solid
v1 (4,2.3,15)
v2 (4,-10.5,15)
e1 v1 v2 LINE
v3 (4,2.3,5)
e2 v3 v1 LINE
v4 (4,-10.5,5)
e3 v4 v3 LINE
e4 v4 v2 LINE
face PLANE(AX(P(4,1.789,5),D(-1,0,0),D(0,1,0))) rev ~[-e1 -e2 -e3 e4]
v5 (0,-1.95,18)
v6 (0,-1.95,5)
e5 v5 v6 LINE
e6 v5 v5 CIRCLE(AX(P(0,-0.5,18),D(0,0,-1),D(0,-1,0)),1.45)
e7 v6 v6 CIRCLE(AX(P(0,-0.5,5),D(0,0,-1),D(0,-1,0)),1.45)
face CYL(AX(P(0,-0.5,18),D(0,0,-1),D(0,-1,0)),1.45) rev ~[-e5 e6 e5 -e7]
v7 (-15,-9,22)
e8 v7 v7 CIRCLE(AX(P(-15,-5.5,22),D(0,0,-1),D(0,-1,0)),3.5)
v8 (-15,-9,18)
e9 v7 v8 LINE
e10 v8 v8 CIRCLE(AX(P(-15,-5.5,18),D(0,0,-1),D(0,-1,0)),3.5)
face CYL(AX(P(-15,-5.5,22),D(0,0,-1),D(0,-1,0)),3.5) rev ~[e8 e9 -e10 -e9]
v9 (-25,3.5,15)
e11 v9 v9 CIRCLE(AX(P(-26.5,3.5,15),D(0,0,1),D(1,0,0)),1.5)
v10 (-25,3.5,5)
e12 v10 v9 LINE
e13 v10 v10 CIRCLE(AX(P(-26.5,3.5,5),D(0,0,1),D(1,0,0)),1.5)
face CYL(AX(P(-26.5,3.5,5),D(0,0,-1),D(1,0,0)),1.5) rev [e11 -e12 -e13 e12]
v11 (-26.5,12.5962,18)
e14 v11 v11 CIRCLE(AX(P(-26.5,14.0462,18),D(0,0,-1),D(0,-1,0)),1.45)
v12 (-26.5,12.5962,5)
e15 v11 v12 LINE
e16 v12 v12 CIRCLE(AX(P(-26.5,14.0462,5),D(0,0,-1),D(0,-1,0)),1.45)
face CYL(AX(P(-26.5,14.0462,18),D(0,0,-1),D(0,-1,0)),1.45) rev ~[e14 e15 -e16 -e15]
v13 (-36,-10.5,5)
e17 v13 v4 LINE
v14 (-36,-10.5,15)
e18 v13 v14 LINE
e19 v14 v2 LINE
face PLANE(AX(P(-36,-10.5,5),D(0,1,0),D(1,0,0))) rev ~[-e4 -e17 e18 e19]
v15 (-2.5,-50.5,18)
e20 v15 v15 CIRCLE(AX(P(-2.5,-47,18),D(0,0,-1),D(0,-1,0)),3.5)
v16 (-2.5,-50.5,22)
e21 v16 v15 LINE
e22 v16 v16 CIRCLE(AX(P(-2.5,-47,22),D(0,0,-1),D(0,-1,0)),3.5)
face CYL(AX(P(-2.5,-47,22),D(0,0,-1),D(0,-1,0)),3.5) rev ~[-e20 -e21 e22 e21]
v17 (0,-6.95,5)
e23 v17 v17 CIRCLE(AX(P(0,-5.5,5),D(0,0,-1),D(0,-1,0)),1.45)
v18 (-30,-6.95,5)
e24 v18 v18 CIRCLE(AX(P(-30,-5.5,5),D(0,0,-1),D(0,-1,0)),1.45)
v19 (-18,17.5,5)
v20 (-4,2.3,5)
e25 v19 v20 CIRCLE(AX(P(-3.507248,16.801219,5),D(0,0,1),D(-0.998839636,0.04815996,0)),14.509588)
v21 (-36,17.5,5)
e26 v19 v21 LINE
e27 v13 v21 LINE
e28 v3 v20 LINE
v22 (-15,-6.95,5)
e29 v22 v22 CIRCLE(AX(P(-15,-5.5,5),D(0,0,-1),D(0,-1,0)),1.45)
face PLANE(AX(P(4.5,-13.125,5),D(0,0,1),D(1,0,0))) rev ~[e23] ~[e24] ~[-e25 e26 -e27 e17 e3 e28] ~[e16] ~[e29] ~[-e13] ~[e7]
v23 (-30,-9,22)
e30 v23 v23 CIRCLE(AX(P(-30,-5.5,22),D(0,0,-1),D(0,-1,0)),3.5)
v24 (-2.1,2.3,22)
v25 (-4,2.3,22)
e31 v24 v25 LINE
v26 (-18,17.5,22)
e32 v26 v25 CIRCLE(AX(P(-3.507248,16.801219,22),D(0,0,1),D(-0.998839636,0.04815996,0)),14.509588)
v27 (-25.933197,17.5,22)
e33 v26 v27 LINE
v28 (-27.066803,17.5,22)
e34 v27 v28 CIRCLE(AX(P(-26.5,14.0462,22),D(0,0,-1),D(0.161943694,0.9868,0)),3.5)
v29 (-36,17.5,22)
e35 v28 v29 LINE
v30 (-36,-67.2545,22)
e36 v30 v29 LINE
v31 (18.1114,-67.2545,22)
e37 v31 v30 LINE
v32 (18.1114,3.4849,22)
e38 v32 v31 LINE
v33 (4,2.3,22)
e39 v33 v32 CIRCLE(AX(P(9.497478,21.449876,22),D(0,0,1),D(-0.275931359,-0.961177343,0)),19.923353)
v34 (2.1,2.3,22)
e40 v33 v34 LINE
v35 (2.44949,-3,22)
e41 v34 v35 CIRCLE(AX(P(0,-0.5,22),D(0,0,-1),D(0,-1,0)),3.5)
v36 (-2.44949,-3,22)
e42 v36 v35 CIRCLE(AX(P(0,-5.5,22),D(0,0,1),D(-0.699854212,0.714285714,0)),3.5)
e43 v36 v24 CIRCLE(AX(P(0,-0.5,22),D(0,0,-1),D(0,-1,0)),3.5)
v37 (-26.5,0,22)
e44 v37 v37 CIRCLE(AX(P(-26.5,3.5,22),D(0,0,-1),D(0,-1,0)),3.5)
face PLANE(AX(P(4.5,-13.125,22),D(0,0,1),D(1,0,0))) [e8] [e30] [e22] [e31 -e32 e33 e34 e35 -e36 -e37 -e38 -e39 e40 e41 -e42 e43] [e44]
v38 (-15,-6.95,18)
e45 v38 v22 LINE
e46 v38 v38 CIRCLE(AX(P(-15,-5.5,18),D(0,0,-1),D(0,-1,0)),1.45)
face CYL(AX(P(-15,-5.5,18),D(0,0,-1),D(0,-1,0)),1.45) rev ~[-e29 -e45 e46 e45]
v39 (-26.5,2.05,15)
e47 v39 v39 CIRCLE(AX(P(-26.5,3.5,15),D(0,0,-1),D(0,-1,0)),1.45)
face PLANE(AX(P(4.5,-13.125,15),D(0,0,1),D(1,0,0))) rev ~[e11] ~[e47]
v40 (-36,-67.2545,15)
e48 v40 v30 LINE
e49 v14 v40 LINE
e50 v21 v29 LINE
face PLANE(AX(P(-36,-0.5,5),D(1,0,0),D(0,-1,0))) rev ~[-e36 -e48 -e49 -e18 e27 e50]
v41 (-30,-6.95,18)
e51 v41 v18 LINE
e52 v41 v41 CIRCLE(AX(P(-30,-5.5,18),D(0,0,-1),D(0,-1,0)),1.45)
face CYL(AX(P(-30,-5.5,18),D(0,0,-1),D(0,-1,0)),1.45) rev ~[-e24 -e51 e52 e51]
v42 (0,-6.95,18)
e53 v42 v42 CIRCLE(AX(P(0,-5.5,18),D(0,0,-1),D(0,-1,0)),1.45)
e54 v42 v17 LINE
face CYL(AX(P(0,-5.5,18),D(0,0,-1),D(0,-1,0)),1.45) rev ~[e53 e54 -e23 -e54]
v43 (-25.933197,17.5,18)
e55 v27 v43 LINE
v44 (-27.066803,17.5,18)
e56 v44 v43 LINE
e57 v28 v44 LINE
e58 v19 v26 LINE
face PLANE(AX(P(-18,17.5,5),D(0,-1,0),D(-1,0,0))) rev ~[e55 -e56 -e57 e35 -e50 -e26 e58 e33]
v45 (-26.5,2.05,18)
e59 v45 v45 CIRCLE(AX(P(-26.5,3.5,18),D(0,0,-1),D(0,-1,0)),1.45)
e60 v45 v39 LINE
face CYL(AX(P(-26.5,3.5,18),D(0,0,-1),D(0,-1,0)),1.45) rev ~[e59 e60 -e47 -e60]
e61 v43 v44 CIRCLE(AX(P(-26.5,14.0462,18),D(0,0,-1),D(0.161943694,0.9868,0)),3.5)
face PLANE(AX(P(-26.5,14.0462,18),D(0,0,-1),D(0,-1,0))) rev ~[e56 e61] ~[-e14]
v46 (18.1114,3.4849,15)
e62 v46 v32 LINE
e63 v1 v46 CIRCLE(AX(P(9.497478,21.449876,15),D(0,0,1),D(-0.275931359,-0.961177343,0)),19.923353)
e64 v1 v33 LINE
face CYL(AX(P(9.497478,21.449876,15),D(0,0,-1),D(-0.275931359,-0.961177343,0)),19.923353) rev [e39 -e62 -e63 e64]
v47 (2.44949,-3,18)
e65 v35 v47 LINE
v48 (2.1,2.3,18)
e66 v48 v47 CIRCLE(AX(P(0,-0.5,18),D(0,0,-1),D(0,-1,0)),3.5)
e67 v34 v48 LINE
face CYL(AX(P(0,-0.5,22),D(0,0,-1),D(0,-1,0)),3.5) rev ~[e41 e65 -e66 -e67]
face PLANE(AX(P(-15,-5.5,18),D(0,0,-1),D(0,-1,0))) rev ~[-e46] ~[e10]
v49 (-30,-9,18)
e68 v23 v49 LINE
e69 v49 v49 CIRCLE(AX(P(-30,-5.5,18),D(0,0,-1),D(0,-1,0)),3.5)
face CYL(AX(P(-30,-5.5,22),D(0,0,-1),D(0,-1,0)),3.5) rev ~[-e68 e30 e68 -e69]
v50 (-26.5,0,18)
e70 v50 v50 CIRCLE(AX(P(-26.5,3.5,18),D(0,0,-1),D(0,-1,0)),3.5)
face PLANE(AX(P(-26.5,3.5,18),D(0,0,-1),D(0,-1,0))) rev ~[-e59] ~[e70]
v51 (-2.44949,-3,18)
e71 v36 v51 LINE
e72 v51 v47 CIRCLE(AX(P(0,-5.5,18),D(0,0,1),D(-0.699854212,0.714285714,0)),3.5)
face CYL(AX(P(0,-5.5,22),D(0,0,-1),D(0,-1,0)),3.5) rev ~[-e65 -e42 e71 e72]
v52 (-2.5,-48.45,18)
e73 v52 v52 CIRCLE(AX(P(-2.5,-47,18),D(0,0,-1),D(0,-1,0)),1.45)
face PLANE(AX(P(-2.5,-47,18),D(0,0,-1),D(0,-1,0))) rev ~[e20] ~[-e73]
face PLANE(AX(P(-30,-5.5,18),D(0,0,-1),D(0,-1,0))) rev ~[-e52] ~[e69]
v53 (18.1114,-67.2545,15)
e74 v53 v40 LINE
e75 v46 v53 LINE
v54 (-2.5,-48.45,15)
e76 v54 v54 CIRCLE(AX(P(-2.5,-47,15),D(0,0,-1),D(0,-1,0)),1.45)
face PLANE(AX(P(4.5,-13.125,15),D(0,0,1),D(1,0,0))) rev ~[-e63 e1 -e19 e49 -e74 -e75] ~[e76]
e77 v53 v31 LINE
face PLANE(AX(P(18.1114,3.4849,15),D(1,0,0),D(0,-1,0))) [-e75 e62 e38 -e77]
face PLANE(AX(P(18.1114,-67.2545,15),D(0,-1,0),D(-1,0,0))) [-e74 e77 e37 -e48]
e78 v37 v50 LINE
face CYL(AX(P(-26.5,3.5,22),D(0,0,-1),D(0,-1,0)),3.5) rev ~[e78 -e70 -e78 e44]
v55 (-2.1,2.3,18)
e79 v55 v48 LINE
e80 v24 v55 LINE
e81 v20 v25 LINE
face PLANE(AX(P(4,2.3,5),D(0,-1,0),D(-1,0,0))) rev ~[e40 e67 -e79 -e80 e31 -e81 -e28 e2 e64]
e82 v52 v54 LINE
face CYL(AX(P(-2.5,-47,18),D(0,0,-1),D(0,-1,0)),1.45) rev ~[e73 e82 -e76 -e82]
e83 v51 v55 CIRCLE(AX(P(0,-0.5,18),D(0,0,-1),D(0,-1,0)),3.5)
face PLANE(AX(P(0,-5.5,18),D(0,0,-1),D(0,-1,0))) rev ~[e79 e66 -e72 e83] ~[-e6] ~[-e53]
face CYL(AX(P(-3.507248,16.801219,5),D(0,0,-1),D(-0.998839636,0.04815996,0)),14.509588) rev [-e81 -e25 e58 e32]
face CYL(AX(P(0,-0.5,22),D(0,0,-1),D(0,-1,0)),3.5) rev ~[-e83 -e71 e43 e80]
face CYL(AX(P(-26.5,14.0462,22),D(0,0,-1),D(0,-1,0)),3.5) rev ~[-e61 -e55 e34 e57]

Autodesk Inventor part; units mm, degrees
ref_plane "YZ Plane" through (0, 0, 0) normal (1, 0, 0) x (0, 1, 0)
ref_plane "XZ Plane" through (0, 0, 0) normal (0, 1, 0) x (-1, 0, 0)
ref_plane "XY Plane" through (0, 0, 0) normal (0, 0, 1) x (1, 0, 0)
ref_plane "Work Plane2" through (4.5, -13.125, 5) normal (0, 0, 1) x (1, 0, 0)
sketch "Sketch5" plane through (4.5, -13.125, 5) normal (0, 0, 1) x (1, 0, 0)
  circle A0 centre (-5.3843, -10.9183) radius 3.5 projected
  line L0 (40.5, 19.8795) -> (20.6391, 19.8795) projected
  line L1 (20.6391, 19.8795) -> (-0.5, 15.425) projected
  line L2 (-0.5, 15.425) -> (-8.5, 15.425) projected
  line L3 (-8.5, 15.425) -> (-8.5, 12.625) projected
  line L4 (-8.5, 12.625) -> (-22.6946, 12.625) projected
  line L5 (-22.6946, 12.625) -> (-28.1392, 19.0495) projected
  arc A1 (-28.1392, 19.0495) -> (-34.556, 17.8156) centre (-31, 16.625) ccw projected
  spline S0 degree 3 poles (-34.556, 17.8156) (-34.7591, 16.8991) (-35.0888, 16.002) (-36.0242, 14.6392) (-36.5194, 14.1543) (-37.6005, 13.4479) (-38.1283, 13.21) (-39.2688, 12.8371) (-39.8866, 12.7101) (-40.5, 12.625) knots 0 0 0 0 0.281642 0.281642 0.494296 0.494296 0.667567 0.667567 0.853113 0.853113 0.853113 0.853113 projected
  line L6 (-40.5, 12.625) -> (-40.5, 2.625) projected
  line L7 (-40.5, 2.625) -> (-0.5, 2.625) projected
  line L8 (-0.5, 2.625) -> (20.6391, 7.0795) projected
  line L9 (20.6391, 7.0795) -> (20.6391, -0.375) projected
  line L10 (20.6391, -0.375) -> (-19.5, -0.375) projected
  line L11 (-19.5, -0.375) -> (-19.5, -6.375) projected
  line L12 (-19.5, -6.375) -> (-16.1781, -6.375) projected
  line L13 (-16.1781, -6.375) -> (-16.1781, -20.375) projected
  line L14 (-16.1781, -20.375) -> (5.3645, -20.375) projected
  line L15 (5.3645, -20.375) -> (5.3645, -6.375) projected
  line L16 (5.3645, -6.375) -> (40.5, -6.375) projected
  line L17 (40.5, -6.375) -> (40.5, 19.8795) projected
  line L18 (20.6391, 19.3686) -> (20.6391, 7.5905) projected
  line L19 (20.6391, 7.5905) -> (17.9999, 7.0344) projected
  line L20 (17.9999, 7.0344) -> (17.2782, 10.4592) projected
  line L21 (17.2782, 10.4592) -> (2.6006, 7.3662) projected
  line L22 (2.6006, 7.3662) -> (3.3222, 3.9414) projected
  line L23 (3.3222, 3.9414) -> (-0.5, 3.136) projected
  line L24 (-0.5, 3.136) -> (-0.5, 14.914) projected
  line L25 (-0.5, 14.914) -> (2.9614, 15.6434) projected
  line L26 (2.9614, 15.6434) -> (3.6831, 12.2186) projected
  line L27 (3.6831, 12.2186) -> (18.3608, 15.3116) projected
  line L28 (18.3608, 15.3116) -> (17.6391, 18.7364) projected
  line L29 (17.6391, 18.7364) -> (20.6391, 19.3686) projected
  circle A2 centre (-4.5, 7.625) radius 1.4 projected
  circle A3 centre (-4.5, 12.625) radius 1.4 projected
  circle A4 centre (-19.5, 7.625) radius 1.4 projected
  circle A5 centre (-34.5, 7.625) radius 1.4 projected
  circle A6 centre (-31, 16.625) radius 1.5 projected
  line L30 (-0.5, 2.625) -> (-0.5, 15.425)
  line L31 (-22.6946, 12.625) -> (-40.5, 12.625)
  arc A7 (-22.5, 30.625) -> (-8.5, 15.425) centre (-8.0073, 29.9262) ccw projected
  line L32 (-22.5, 30.625) -> (-40.5, 30.625) projected
  line L33 (-40.5, 30.625) -> (-40.5, 2.625) projected
  circle A8 centre (-31, 27.1712) radius 1.4 projected
  point P0 (-4.5, 13.125)
extrude "Extrusion3" add sketch "Sketch5" along normal blind 10 contours L30 L24 L7 L6 L31 L4 L3 L2 | L3 L4 L5 A1 S0 L33 L32 A7 | L31 S0 A1 L5
sketch "Sketch6" plane through (4.5, -13.125, 15) normal (0, 0, 1) x (1, 0, 0)
  circle A0 centre (-34.5, 7.625) radius 1.4 projected
  circle A1 centre (-19.5, 7.625) radius 1.4 projected
  circle A2 centre (-4.5, 12.625) radius 1.4 projected
  circle A3 centre (-4.5, 7.625) radius 1.4 projected
  line L0 (-0.5, 15.425) -> (-8.5, 15.425) projected
  line L1 (-40.5, 30.625) -> (-40.5, 2.625) projected
  line L2 (-40.5, 2.625) -> (-0.5, 2.625) projected
  line L3 (-0.5, 2.625) -> (-0.5, 15.425) projected
  circle A4 centre (4.9975, 34.5751) radius 13.9 construction
  line L4 (-0.5, 2.625) -> (-0.5, 15.425) projected
  arc A5 (-0.5, 15.425) -> (13.6114, 16.6099) centre (4.9975, 34.5751) ccw
  line L5 (-8.5, 12.625) -> (-40.5, 12.625) projected
  line L6 (-40.5, 12.625) -> (-40.5, 34.5751)
  line L7 (-40.5, 34.5751) -> (-14.9261, 34.5751)
  line L8 (13.6114, 16.6099) -> (13.6114, -54.1295)
  line L9 (13.6114, 16.6099) -> (84.3508, 16.6099) construction
  line L10 (13.6114, -54.1295) -> (-40.5, -54.1295)
  line L11 (-40.5, -54.1295) -> (-40.5, 2.625)
  arc A6 (-22.5, 30.625) -> (-8.5, 15.425) centre (-8.0073, 29.9262) ccw projected
  line L12 (-22.5, 30.625) -> (-40.5, 30.625) projected
  circle A7 centre (-8.0073, 29.9262) radius 14.5095
  line L13 (-40.5, 30.625) -> (-40.5, 2.625) projected
  line L14 (-40.5, 30.625) -> (-40.5, 40.6638)
  line L15 (-8.0073, 44.4357) -> (-8.0073, 46.4357)
  line L16 (-8.0073, 46.4357) -> (-40.5, 46.4357)
  line L17 (-40.5, 46.4357) -> (-40.5, 30.625)
  line L18 (-22.5, 30.625) -> (-40.5, 30.625) projected
  line L19 (-22.5, 30.625) -> (-40.5, 30.625)
  point P0 (-4.5, 13.125)
  dimension "d15" = 90
  dimension "d25" = 2
  dimension "d26" = 90
extrude "Extrusion4" add sketch "Sketch6" along normal blind 7 contours L3 L2 L1 L12 A6 A7 L0 | A5 L8 L10 L11 L2 L3 | A7 L0
sketch "Sketch7" plane through (4.5, -13.125, 22) normal (0, 0, 1) x (1, 0, 0)
  circle A0 centre (-19.5, 7.625) radius 1.4 projected
  circle A1 centre (-34.5, 7.625) radius 1.4 projected
  circle A2 centre (-4.5, 7.625) radius 1.4 projected
  circle A3 centre (-4.5, 12.625) radius 1.4 projected
  circle A4 centre (-31, 16.625) radius 1.5 projected
  circle A5 centre (-4.5, 7.625) radius 1.4 projected
  circle A6 centre (-4.5, 12.625) radius 1.4 projected
  circle A7 centre (-19.5, 7.625) radius 1.4 projected
  circle A8 centre (-34.5, 7.625) radius 1.4 projected
  line L0 (-0.5, 15.425) -> (-8.5, 15.425) projected
  arc A9 (-22.5, 30.625) -> (-8.5, 15.425) centre (-8.0073, 29.9262) ccw projected
  line L1 (-22.5, 30.625) -> (-40.5, 30.625) projected
  line L2 (-40.5, 30.625) -> (-40.5, -54.1295) projected
  line L3 (-40.5, -54.1295) -> (13.6114, -54.1295) projected
  line L4 (13.6114, -54.1295) -> (13.6114, 16.6099) projected
  arc A10 (-0.5, 15.425) -> (13.6114, 16.6099) centre (4.9975, 34.5751) ccw projected
  circle A11 centre (-31, 27.1712) radius 1.4 projected
  circle A12 centre (-7, -33.875) radius 1.95 projected
  point P0 (-4.5, 13.125)
hole "Hole2" at (-30, -5.5, 22) at (-15, -5.5, 22) at (0, -5.5, 22) at (0, -0.5, 22) at (-26.5, 3.5, 22) at (-2.5, -47, 22) at (-26.5, 14.0462, 22) direction (0, 0, -1) diameter 2.9 end through all counterbore diameter 7 counterbore depth 4
properties part number "cellSTORM_cellphone_plate"
